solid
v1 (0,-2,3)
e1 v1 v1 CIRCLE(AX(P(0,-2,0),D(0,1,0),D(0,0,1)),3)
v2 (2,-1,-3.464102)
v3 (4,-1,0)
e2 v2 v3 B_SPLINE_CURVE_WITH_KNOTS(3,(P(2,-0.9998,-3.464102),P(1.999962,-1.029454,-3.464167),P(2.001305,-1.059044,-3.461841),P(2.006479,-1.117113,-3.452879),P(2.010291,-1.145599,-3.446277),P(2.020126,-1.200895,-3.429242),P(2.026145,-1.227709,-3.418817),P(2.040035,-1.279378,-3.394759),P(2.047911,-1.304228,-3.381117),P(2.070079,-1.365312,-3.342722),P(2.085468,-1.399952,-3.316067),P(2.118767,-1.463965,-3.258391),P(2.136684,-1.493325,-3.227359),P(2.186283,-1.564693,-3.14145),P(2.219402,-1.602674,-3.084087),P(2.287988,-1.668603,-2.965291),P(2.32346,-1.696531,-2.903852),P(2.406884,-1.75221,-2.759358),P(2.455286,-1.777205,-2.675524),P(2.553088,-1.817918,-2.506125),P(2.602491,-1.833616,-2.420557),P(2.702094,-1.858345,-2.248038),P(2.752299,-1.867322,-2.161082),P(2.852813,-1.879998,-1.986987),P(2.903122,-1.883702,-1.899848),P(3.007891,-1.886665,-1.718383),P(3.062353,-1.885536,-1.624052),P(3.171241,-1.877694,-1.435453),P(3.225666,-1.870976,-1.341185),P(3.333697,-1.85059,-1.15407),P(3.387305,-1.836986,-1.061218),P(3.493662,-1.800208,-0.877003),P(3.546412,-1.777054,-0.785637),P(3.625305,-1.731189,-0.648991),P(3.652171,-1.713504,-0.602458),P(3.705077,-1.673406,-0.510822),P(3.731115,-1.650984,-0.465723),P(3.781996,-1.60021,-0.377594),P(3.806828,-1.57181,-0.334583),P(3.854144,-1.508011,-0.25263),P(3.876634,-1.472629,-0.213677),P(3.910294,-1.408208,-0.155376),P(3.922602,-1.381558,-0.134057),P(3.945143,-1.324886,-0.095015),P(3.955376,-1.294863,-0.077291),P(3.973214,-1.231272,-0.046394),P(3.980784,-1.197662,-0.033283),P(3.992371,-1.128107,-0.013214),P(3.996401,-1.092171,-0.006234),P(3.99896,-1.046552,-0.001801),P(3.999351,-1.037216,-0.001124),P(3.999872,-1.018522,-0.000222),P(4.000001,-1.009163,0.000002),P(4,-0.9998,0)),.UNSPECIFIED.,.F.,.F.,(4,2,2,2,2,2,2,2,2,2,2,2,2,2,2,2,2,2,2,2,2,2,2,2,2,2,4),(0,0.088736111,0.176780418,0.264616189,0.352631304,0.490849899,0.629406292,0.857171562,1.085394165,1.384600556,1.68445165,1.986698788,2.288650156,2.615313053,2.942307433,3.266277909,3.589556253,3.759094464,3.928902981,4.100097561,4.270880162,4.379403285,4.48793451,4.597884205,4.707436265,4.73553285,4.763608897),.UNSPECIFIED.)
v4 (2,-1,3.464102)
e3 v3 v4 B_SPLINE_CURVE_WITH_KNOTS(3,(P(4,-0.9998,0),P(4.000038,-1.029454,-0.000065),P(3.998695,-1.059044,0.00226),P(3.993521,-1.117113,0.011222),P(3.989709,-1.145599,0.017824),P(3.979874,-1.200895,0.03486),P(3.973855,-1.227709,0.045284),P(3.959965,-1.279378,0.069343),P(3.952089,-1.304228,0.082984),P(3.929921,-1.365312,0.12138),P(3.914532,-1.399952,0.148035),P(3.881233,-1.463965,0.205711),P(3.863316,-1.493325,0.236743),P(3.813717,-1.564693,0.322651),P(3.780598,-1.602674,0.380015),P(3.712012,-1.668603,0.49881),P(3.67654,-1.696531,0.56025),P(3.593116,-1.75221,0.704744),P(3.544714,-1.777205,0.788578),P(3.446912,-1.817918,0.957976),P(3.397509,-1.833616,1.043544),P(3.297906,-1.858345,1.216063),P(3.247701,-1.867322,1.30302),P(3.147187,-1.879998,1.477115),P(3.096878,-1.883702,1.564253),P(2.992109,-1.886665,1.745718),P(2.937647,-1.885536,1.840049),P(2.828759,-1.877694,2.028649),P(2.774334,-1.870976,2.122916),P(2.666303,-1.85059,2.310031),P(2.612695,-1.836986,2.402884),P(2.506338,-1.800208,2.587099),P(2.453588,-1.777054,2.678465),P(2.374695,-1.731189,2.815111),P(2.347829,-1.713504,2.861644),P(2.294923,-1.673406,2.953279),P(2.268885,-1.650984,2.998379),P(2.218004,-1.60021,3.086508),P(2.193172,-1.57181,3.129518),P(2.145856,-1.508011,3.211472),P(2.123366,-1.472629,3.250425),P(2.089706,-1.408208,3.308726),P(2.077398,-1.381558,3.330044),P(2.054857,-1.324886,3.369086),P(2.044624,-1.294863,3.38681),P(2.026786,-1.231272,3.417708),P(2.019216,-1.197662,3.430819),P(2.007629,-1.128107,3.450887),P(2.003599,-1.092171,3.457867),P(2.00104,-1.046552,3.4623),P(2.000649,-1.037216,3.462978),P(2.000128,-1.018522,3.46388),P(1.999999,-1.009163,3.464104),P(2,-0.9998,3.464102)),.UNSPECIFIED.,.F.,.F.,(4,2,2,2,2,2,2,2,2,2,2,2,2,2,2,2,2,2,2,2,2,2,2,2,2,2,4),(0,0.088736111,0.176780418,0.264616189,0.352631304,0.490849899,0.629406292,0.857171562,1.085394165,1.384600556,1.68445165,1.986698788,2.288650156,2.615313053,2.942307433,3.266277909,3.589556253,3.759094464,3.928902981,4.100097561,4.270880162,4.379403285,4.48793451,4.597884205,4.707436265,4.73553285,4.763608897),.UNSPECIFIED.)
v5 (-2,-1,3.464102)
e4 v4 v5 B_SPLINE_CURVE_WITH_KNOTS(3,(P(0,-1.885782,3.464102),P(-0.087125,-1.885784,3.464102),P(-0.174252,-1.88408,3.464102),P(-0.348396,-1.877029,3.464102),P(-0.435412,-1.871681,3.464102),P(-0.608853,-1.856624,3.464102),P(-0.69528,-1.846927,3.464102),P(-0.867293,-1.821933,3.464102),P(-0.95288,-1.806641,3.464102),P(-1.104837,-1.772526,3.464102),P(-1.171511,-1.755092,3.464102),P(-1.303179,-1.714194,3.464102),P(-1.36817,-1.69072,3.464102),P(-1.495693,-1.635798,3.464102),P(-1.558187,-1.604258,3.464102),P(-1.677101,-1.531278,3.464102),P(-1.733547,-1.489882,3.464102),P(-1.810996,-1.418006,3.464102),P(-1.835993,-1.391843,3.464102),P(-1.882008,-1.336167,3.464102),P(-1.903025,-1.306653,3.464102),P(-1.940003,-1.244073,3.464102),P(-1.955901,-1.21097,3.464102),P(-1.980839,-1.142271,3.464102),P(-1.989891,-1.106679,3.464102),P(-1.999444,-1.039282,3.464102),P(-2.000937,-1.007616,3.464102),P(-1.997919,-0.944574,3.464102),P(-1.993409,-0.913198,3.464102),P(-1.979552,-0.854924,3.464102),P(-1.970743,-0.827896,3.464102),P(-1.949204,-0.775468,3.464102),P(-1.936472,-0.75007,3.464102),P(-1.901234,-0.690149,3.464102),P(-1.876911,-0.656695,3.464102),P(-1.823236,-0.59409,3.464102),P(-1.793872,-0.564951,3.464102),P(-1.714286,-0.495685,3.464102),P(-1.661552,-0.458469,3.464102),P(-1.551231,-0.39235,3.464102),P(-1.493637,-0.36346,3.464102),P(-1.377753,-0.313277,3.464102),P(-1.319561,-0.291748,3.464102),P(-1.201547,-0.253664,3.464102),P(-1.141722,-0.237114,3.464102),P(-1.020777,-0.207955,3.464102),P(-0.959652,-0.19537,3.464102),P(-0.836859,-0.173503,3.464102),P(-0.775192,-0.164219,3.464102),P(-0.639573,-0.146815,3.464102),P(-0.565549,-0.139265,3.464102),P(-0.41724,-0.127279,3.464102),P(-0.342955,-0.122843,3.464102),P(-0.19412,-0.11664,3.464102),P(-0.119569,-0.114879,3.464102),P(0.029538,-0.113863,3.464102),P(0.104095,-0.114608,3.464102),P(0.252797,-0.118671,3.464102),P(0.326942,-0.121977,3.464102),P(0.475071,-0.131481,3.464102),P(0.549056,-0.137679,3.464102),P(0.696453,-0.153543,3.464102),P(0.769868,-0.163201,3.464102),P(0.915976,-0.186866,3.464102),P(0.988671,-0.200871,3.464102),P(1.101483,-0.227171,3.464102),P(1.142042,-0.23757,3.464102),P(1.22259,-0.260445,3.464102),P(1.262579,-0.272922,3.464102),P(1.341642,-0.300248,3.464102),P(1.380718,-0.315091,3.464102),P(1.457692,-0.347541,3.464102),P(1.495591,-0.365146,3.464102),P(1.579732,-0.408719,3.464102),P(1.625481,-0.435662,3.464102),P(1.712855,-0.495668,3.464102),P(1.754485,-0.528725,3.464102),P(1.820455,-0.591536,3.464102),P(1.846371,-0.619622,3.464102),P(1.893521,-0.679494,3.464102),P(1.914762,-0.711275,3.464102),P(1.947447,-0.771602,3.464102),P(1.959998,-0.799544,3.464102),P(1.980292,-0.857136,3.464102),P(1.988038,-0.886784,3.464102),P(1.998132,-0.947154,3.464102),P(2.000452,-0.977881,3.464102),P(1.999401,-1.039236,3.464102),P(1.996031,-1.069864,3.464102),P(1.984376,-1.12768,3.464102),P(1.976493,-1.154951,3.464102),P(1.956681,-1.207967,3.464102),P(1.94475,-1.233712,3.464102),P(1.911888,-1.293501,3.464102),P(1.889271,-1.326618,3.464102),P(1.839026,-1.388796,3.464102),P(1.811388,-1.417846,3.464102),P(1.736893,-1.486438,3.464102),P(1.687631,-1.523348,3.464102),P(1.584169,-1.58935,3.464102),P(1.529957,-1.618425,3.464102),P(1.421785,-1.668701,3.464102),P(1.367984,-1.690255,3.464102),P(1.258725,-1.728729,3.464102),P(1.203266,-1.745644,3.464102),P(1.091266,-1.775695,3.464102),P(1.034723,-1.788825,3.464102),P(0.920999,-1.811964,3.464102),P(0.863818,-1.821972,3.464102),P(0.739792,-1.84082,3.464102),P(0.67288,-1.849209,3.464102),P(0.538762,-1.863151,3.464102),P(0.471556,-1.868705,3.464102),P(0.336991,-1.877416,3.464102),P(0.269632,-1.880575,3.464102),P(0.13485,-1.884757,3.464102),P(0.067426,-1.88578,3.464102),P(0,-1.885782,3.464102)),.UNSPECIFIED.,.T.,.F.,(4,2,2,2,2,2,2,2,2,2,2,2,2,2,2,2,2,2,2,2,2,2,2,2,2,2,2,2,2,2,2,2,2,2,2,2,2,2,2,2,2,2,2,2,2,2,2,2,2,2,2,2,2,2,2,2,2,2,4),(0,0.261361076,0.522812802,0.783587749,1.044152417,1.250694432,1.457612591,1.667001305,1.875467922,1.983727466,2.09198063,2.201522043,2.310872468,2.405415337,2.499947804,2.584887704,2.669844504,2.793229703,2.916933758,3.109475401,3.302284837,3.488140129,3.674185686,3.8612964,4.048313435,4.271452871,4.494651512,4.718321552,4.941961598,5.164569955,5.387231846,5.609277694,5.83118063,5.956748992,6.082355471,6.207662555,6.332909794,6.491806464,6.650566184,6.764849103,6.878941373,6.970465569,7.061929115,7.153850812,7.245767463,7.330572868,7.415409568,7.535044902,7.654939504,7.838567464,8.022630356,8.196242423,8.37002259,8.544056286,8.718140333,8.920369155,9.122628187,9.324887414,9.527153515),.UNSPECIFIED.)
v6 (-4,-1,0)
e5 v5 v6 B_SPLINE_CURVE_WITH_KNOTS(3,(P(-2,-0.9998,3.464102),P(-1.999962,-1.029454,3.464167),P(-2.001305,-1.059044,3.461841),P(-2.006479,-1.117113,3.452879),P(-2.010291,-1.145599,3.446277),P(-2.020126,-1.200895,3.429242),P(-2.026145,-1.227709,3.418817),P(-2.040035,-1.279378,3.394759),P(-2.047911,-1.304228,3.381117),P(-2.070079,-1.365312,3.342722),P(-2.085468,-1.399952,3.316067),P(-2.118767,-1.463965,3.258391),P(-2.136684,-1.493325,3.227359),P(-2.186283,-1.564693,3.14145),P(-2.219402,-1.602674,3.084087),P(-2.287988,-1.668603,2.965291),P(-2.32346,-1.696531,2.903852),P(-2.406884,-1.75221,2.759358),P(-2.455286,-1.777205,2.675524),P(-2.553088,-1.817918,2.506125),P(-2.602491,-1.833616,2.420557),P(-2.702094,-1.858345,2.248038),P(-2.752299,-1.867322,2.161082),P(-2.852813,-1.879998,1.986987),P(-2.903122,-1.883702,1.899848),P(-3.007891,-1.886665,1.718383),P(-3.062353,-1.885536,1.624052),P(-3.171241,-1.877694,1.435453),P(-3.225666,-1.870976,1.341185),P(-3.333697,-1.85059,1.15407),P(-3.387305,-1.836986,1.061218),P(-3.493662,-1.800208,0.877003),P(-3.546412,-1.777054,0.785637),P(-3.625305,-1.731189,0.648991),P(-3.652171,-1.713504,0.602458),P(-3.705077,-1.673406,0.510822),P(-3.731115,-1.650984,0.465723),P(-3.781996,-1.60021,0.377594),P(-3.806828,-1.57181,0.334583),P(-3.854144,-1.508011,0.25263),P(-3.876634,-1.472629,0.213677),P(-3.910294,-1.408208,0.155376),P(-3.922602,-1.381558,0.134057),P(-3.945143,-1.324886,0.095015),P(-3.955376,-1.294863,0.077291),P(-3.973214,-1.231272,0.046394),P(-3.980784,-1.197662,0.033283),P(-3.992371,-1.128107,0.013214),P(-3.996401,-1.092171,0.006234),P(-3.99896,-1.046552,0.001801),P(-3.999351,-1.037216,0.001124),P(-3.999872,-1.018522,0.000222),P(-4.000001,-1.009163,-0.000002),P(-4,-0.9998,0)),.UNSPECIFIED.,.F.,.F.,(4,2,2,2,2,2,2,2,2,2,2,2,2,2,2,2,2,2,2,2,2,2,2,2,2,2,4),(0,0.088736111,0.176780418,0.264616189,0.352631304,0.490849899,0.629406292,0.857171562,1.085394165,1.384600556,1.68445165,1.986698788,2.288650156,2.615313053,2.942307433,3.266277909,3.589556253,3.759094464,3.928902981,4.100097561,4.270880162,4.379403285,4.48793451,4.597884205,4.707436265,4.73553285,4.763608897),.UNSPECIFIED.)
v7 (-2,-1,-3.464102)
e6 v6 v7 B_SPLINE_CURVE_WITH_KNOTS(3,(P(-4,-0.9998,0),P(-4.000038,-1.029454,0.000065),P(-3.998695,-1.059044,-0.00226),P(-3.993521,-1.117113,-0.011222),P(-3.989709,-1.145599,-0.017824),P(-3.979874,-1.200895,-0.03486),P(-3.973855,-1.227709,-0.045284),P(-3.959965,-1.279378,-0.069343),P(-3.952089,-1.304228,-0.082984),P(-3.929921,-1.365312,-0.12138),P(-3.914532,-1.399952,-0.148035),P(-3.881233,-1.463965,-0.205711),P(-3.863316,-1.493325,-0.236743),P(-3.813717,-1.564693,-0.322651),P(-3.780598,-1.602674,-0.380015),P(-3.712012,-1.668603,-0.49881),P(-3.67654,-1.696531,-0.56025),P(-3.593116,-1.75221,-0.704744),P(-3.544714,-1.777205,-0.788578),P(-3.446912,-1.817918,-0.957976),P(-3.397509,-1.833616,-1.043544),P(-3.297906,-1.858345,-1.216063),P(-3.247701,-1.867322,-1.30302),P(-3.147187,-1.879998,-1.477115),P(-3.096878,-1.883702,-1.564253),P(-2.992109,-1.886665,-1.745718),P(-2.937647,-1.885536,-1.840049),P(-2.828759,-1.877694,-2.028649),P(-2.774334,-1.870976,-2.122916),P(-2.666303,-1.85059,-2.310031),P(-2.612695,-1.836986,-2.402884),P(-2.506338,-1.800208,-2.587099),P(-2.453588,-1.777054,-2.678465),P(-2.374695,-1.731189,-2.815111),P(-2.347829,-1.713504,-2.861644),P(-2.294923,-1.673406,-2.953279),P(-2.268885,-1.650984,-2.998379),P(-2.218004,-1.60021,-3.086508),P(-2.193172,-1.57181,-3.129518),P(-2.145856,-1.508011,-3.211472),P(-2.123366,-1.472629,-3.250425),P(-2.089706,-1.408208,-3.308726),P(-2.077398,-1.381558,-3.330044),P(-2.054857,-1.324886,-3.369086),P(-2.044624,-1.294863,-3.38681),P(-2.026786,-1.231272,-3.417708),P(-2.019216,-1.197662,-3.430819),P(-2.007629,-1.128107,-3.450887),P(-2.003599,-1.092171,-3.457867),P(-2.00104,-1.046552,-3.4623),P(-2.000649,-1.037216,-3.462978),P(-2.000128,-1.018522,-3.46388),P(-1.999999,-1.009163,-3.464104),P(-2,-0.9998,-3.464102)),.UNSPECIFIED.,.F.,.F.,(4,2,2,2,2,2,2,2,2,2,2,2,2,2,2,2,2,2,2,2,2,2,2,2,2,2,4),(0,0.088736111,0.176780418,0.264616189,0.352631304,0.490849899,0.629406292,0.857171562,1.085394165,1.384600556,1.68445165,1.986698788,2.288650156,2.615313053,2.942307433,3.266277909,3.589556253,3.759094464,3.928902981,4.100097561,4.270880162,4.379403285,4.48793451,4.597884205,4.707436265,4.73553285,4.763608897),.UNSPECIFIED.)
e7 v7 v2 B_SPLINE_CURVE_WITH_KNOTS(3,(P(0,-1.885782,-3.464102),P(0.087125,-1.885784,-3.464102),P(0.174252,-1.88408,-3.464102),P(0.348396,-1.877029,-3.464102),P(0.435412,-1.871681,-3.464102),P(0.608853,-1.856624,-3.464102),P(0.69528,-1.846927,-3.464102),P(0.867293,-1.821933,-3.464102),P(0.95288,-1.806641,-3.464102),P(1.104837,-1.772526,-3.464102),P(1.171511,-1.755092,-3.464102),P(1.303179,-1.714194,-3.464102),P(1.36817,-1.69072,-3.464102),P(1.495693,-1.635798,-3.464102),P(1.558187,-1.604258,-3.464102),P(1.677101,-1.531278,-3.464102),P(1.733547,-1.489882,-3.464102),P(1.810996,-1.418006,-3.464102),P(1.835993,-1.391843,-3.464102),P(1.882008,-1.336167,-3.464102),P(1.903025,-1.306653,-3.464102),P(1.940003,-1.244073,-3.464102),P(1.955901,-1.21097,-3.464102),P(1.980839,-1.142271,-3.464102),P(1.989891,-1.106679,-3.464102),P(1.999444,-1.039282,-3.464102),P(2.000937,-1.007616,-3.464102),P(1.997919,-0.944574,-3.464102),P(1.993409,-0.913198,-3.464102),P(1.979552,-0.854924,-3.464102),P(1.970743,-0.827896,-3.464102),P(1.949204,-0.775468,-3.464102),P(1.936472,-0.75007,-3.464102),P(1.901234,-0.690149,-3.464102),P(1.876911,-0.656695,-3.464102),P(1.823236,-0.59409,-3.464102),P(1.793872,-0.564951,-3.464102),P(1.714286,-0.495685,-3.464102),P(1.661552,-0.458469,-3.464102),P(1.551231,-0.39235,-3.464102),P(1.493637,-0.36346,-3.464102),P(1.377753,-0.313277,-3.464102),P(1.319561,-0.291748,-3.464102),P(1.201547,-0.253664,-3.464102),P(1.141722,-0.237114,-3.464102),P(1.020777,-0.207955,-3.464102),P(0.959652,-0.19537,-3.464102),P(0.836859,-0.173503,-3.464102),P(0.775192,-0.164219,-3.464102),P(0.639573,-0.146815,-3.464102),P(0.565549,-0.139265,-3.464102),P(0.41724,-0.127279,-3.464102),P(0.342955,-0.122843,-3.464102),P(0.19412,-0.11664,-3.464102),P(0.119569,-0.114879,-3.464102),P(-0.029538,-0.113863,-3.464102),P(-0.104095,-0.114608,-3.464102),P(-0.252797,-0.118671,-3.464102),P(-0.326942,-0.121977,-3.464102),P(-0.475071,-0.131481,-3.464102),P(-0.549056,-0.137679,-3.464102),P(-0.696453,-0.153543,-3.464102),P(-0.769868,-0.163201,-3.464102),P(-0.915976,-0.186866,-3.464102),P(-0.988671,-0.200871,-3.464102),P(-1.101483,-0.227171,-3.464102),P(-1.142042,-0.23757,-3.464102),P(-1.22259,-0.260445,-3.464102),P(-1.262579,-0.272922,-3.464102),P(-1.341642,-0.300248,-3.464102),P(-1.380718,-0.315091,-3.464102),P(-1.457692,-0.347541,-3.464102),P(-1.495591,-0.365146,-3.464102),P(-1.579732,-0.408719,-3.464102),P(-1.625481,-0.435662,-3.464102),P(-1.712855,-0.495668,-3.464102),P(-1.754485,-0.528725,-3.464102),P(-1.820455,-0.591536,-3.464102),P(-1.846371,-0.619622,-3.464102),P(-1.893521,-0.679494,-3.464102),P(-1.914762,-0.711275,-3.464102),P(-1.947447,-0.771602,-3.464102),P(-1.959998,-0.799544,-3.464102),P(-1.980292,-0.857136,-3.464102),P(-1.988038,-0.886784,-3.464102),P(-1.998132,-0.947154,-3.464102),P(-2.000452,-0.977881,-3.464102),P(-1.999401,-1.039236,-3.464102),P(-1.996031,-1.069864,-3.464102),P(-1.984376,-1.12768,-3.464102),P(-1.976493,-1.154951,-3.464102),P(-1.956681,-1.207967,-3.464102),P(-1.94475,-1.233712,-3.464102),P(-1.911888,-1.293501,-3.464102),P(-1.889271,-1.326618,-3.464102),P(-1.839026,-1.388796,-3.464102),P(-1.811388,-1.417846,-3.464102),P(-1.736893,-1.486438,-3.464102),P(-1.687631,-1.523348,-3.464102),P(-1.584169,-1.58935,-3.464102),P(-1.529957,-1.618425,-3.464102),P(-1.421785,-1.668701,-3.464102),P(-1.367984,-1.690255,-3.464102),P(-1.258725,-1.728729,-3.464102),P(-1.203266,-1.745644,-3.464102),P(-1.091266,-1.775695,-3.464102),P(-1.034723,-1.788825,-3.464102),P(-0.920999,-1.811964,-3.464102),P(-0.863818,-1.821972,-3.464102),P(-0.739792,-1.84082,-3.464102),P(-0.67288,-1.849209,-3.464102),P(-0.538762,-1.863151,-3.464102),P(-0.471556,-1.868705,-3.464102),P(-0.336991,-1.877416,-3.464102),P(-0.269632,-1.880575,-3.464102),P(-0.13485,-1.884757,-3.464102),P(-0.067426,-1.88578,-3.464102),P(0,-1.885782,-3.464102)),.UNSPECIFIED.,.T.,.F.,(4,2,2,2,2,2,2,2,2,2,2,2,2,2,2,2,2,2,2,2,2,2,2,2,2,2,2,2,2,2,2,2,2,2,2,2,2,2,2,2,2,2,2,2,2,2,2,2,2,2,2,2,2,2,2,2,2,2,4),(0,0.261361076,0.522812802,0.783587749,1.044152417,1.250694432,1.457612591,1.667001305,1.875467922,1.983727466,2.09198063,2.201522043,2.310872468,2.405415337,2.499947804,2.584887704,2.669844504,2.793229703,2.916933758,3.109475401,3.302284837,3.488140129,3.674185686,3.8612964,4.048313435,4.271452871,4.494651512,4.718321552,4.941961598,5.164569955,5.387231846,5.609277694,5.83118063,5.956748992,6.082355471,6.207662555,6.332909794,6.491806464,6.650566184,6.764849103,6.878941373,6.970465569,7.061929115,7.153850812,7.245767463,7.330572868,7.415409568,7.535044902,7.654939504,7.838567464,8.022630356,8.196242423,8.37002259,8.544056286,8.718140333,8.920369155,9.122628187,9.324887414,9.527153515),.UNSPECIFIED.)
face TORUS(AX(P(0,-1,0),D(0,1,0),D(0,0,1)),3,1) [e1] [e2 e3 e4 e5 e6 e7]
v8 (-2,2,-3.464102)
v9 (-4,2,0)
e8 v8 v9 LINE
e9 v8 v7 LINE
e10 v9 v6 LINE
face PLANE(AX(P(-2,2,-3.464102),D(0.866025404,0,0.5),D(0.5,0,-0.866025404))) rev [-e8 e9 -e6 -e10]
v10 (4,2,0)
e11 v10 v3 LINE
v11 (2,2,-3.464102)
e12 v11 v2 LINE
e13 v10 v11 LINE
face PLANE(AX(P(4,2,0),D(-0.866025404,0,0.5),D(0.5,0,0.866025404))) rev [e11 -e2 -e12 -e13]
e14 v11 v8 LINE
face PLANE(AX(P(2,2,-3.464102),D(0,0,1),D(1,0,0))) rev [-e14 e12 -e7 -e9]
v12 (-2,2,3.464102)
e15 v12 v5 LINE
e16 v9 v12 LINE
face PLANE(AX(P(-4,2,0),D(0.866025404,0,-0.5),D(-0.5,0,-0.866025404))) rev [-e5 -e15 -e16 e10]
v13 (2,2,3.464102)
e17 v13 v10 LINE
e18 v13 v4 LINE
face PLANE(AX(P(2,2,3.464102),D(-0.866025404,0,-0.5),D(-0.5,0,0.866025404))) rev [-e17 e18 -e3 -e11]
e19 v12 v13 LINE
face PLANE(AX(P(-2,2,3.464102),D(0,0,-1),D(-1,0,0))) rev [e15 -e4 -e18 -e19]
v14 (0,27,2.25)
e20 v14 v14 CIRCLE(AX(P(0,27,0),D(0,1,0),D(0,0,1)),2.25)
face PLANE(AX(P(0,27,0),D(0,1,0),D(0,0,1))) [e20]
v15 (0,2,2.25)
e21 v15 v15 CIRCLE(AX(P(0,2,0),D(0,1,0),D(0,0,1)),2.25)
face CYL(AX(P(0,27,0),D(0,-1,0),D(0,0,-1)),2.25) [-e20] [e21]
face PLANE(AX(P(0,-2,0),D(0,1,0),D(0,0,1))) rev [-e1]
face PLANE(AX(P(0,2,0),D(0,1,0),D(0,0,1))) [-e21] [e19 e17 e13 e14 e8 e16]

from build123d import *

# Parameters (mm, degrees)
BOSS_EXTRUDE1_DEPTH = 2
SKETCH2_R           = 2.25
BOSS_EXTRUDE2_DEPTH = 25


with BuildPart() as part:
    # Sketch1 → Boss-Extrude1 (new body, symmetric)
    with BuildSketch(Plane(origin=(0, 0, 0), x_dir=(1, 0, 0), z_dir=(0, 1, 0))):
        Polygon((4, 0), (2, 3.464101615), (-2, 3.464101615), (-4, 0), (-2, -3.464101615), (2, -3.464101615), align=None)
    extrude(amount=BOSS_EXTRUDE1_DEPTH, both=True)

    # Sketch2 → Boss-Extrude2 (add)
    with BuildSketch(Plane(origin=(0, 2, 0), x_dir=(1, 0, 0), z_dir=(0, 1, 0))):
        Circle(SKETCH2_R)
    extrude(amount=BOSS_EXTRUDE2_DEPTH)

    # Sketch3 → Cut-Revolve1 (revolve, cut)
    with BuildSketch(Plane.XY):
        with BuildLine():
            Line((2.248897347, -2), (3, -2))
            ThreePointArc((3, -2), (3.707106781, -1.707106781), (4, -1))
            Line((4, -1), (4, -0.81272303))
            Line((4, -0.81272303), (5.594351863, -2.268615273))
            Line((5.594351863, -2.268615273), (3.350773239, -3.273136669))
            Line((3.350773239, -3.273136669), (2.248897347, -2))
        make_face()
    revolve(axis=Axis((0, -2, 0), (0, -1, 0)), mode=Mode.SUBTRACT)


solid = part.part
